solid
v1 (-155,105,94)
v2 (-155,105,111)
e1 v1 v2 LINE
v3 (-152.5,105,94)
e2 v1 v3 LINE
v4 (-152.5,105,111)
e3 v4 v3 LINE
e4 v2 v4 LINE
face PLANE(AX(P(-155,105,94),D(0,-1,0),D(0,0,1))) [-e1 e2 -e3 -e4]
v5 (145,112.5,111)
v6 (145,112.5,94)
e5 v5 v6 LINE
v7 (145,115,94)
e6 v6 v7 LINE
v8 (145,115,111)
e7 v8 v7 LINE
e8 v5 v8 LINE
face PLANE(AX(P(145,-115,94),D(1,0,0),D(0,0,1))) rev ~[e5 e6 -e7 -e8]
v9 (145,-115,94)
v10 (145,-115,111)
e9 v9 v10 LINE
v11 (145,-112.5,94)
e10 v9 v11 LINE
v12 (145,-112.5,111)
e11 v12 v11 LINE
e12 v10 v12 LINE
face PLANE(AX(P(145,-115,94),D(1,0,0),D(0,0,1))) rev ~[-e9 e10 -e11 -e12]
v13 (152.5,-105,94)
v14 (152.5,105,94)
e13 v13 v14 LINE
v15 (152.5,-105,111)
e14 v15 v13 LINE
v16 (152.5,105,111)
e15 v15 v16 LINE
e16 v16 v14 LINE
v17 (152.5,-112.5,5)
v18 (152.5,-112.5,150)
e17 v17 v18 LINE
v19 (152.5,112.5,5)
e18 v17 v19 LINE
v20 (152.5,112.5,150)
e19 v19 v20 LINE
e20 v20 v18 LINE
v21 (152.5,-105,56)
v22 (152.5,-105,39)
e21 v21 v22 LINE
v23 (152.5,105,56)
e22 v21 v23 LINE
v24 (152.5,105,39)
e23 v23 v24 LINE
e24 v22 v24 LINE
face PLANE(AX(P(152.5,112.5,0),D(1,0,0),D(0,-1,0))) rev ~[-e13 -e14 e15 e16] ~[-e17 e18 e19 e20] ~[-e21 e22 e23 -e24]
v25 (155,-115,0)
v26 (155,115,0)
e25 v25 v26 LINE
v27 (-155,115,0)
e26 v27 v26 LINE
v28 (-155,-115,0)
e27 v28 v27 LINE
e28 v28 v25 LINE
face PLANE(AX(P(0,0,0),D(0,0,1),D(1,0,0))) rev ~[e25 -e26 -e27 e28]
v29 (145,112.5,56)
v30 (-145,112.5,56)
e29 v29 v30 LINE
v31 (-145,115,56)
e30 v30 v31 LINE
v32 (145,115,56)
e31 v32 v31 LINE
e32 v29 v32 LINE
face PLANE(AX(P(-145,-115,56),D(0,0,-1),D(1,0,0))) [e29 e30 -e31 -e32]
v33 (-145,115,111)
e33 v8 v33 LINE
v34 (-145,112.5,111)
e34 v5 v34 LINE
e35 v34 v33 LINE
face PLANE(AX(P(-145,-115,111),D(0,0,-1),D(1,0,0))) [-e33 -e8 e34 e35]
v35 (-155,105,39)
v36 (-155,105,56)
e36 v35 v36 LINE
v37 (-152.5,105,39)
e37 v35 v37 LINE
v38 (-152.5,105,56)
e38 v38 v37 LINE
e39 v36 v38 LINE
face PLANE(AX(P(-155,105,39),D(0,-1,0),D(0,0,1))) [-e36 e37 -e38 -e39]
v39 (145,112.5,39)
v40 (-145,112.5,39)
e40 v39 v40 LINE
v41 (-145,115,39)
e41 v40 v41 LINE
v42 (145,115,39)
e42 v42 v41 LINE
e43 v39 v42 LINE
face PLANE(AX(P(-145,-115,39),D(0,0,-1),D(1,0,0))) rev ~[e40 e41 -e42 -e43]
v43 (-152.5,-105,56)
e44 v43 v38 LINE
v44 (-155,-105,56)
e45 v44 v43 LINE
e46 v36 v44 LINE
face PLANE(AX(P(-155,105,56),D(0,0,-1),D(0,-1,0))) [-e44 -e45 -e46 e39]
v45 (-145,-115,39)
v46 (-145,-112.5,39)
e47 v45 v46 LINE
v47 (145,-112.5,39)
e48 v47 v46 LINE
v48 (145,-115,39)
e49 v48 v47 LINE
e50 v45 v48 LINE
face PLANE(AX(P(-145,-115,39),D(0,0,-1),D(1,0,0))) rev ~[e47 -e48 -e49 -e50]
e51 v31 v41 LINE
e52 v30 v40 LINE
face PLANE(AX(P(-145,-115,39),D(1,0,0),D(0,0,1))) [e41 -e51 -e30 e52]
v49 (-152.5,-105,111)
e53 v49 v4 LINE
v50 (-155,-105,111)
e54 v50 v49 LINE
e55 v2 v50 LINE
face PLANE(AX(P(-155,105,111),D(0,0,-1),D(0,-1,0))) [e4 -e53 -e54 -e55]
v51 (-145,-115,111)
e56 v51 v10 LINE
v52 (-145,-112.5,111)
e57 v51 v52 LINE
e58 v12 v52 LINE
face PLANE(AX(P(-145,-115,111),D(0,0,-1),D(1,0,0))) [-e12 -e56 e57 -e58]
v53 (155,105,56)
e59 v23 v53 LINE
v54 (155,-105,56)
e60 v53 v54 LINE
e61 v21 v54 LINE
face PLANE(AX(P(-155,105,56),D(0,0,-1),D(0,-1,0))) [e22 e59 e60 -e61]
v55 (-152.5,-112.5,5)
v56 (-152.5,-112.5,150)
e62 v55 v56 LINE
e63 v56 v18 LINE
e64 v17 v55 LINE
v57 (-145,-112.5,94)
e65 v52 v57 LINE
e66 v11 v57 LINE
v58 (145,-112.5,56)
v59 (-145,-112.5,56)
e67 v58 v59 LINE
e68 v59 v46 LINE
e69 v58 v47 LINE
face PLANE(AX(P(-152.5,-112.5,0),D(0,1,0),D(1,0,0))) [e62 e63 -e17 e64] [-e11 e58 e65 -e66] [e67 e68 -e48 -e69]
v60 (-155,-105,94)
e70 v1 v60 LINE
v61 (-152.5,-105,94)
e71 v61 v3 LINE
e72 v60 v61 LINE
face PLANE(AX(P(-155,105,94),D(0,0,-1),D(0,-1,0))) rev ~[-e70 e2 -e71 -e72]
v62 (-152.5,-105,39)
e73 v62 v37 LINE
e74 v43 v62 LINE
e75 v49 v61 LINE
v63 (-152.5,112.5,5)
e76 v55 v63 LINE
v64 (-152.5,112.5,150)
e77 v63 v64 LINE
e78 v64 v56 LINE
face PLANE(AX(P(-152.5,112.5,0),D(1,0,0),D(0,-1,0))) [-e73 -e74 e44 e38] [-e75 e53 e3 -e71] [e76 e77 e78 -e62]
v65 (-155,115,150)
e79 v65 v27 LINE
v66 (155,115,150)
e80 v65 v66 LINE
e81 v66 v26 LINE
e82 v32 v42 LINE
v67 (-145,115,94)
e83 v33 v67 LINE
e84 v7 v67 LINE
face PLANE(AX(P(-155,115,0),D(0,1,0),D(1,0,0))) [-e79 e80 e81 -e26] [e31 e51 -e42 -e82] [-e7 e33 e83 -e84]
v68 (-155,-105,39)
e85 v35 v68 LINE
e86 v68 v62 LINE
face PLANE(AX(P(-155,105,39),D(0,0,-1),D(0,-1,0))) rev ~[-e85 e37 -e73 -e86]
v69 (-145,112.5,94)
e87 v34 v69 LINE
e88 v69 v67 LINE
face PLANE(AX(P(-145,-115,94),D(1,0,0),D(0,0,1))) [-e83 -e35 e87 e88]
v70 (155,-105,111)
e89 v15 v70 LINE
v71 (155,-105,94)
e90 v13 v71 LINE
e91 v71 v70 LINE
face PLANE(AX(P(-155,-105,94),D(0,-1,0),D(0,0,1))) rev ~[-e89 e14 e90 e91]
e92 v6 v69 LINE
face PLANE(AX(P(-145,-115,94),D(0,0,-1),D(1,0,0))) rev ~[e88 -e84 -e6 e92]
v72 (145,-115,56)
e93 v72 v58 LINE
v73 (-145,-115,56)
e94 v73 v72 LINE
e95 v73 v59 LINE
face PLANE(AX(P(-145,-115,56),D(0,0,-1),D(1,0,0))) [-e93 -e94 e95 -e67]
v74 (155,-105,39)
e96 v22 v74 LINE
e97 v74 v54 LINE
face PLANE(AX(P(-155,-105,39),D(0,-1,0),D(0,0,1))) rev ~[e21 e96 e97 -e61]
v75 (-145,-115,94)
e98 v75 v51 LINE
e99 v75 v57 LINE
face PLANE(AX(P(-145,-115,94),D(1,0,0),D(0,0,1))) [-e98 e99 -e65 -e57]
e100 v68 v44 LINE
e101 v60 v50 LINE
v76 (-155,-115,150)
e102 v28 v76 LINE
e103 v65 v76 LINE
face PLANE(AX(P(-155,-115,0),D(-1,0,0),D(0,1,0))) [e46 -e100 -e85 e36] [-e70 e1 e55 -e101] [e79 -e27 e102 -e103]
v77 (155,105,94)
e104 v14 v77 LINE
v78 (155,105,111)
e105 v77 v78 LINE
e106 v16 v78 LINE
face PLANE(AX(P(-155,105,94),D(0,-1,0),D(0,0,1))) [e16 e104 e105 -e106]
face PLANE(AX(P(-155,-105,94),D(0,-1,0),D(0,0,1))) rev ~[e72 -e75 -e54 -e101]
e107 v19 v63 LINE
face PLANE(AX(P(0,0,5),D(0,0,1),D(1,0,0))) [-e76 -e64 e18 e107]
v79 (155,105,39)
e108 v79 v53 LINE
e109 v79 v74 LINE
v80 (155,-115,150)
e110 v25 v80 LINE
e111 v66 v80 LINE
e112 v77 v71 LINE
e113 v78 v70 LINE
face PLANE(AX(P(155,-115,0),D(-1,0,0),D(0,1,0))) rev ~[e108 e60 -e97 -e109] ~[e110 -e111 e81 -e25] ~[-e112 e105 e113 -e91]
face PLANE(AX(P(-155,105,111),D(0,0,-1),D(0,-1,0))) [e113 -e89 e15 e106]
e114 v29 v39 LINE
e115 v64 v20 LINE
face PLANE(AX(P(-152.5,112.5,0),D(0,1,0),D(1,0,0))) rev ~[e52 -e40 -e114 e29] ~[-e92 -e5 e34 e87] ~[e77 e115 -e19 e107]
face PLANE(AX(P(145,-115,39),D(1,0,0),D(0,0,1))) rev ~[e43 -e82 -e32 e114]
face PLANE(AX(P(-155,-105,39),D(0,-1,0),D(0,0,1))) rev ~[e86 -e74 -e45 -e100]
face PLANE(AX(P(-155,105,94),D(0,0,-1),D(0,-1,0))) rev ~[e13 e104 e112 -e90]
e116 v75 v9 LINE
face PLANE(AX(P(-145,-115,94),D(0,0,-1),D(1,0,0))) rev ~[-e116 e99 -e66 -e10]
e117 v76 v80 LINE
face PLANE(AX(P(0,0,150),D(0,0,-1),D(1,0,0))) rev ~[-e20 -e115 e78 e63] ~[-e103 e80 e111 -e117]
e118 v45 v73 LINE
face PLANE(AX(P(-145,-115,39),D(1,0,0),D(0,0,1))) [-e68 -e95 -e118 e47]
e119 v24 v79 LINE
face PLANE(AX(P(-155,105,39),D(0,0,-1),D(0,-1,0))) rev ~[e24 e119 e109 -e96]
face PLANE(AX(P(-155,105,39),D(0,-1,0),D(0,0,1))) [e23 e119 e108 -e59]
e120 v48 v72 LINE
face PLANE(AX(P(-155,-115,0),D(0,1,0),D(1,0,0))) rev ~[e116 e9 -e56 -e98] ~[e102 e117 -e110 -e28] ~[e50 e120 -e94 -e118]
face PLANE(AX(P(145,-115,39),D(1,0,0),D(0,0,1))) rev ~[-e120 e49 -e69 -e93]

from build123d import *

# Parameters (mm, degrees)
F0_W     = 310
F0_H     = 230
F1_DEPTH = 5
F2_W     = 310
F2_H     = 230
F2_W_2   = 305
F2_H_2   = 225
F3_DEPTH = 150
F4_W     = 210
F4_H     = 17
F5_DEPTH = 310.001
F6_W     = 290
F6_H     = 17
F7_DEPTH = 230.001


with BuildPart() as f1:
    # F0 (on Top) → F1 (new body)
    with BuildSketch(Plane.XY):
        Rectangle(F0_W, F0_H)
    extrude(amount=F1_DEPTH)

    # F2 (on face) → F3 (join)
    with BuildSketch(Plane(origin=(0, 0, 0), x_dir=(1, 0, 0), z_dir=(0, 0, -1))):
        Rectangle(F2_W, F2_H)
        Rectangle(F2_W_2, F2_H_2, mode=Mode.SUBTRACT)
    extrude(amount=-F3_DEPTH)

    # F4 (on face) → F5 (cut, through all)
    with BuildSketch(Plane(origin=(-155, 0, 0), x_dir=(0, -1, 0), z_dir=(-1, 0, 0))):
        with Locations((0, 102.5)):
            Rectangle(F4_W, F4_H)
        with Locations((0, 47.5)):
            Rectangle(F4_W, F4_H)
    extrude(amount=-F5_DEPTH, mode=Mode.SUBTRACT)

    # F6 (on face) → F7 (cut, through all)
    with BuildSketch(Plane.XZ.offset(115)):
        with Locations((0, 102.5)):
            Rectangle(F6_W, F6_H)
        with Locations((0, 47.5)):
            Rectangle(F6_W, F6_H)
    extrude(amount=-F7_DEPTH, mode=Mode.SUBTRACT)


solid = f1.part
